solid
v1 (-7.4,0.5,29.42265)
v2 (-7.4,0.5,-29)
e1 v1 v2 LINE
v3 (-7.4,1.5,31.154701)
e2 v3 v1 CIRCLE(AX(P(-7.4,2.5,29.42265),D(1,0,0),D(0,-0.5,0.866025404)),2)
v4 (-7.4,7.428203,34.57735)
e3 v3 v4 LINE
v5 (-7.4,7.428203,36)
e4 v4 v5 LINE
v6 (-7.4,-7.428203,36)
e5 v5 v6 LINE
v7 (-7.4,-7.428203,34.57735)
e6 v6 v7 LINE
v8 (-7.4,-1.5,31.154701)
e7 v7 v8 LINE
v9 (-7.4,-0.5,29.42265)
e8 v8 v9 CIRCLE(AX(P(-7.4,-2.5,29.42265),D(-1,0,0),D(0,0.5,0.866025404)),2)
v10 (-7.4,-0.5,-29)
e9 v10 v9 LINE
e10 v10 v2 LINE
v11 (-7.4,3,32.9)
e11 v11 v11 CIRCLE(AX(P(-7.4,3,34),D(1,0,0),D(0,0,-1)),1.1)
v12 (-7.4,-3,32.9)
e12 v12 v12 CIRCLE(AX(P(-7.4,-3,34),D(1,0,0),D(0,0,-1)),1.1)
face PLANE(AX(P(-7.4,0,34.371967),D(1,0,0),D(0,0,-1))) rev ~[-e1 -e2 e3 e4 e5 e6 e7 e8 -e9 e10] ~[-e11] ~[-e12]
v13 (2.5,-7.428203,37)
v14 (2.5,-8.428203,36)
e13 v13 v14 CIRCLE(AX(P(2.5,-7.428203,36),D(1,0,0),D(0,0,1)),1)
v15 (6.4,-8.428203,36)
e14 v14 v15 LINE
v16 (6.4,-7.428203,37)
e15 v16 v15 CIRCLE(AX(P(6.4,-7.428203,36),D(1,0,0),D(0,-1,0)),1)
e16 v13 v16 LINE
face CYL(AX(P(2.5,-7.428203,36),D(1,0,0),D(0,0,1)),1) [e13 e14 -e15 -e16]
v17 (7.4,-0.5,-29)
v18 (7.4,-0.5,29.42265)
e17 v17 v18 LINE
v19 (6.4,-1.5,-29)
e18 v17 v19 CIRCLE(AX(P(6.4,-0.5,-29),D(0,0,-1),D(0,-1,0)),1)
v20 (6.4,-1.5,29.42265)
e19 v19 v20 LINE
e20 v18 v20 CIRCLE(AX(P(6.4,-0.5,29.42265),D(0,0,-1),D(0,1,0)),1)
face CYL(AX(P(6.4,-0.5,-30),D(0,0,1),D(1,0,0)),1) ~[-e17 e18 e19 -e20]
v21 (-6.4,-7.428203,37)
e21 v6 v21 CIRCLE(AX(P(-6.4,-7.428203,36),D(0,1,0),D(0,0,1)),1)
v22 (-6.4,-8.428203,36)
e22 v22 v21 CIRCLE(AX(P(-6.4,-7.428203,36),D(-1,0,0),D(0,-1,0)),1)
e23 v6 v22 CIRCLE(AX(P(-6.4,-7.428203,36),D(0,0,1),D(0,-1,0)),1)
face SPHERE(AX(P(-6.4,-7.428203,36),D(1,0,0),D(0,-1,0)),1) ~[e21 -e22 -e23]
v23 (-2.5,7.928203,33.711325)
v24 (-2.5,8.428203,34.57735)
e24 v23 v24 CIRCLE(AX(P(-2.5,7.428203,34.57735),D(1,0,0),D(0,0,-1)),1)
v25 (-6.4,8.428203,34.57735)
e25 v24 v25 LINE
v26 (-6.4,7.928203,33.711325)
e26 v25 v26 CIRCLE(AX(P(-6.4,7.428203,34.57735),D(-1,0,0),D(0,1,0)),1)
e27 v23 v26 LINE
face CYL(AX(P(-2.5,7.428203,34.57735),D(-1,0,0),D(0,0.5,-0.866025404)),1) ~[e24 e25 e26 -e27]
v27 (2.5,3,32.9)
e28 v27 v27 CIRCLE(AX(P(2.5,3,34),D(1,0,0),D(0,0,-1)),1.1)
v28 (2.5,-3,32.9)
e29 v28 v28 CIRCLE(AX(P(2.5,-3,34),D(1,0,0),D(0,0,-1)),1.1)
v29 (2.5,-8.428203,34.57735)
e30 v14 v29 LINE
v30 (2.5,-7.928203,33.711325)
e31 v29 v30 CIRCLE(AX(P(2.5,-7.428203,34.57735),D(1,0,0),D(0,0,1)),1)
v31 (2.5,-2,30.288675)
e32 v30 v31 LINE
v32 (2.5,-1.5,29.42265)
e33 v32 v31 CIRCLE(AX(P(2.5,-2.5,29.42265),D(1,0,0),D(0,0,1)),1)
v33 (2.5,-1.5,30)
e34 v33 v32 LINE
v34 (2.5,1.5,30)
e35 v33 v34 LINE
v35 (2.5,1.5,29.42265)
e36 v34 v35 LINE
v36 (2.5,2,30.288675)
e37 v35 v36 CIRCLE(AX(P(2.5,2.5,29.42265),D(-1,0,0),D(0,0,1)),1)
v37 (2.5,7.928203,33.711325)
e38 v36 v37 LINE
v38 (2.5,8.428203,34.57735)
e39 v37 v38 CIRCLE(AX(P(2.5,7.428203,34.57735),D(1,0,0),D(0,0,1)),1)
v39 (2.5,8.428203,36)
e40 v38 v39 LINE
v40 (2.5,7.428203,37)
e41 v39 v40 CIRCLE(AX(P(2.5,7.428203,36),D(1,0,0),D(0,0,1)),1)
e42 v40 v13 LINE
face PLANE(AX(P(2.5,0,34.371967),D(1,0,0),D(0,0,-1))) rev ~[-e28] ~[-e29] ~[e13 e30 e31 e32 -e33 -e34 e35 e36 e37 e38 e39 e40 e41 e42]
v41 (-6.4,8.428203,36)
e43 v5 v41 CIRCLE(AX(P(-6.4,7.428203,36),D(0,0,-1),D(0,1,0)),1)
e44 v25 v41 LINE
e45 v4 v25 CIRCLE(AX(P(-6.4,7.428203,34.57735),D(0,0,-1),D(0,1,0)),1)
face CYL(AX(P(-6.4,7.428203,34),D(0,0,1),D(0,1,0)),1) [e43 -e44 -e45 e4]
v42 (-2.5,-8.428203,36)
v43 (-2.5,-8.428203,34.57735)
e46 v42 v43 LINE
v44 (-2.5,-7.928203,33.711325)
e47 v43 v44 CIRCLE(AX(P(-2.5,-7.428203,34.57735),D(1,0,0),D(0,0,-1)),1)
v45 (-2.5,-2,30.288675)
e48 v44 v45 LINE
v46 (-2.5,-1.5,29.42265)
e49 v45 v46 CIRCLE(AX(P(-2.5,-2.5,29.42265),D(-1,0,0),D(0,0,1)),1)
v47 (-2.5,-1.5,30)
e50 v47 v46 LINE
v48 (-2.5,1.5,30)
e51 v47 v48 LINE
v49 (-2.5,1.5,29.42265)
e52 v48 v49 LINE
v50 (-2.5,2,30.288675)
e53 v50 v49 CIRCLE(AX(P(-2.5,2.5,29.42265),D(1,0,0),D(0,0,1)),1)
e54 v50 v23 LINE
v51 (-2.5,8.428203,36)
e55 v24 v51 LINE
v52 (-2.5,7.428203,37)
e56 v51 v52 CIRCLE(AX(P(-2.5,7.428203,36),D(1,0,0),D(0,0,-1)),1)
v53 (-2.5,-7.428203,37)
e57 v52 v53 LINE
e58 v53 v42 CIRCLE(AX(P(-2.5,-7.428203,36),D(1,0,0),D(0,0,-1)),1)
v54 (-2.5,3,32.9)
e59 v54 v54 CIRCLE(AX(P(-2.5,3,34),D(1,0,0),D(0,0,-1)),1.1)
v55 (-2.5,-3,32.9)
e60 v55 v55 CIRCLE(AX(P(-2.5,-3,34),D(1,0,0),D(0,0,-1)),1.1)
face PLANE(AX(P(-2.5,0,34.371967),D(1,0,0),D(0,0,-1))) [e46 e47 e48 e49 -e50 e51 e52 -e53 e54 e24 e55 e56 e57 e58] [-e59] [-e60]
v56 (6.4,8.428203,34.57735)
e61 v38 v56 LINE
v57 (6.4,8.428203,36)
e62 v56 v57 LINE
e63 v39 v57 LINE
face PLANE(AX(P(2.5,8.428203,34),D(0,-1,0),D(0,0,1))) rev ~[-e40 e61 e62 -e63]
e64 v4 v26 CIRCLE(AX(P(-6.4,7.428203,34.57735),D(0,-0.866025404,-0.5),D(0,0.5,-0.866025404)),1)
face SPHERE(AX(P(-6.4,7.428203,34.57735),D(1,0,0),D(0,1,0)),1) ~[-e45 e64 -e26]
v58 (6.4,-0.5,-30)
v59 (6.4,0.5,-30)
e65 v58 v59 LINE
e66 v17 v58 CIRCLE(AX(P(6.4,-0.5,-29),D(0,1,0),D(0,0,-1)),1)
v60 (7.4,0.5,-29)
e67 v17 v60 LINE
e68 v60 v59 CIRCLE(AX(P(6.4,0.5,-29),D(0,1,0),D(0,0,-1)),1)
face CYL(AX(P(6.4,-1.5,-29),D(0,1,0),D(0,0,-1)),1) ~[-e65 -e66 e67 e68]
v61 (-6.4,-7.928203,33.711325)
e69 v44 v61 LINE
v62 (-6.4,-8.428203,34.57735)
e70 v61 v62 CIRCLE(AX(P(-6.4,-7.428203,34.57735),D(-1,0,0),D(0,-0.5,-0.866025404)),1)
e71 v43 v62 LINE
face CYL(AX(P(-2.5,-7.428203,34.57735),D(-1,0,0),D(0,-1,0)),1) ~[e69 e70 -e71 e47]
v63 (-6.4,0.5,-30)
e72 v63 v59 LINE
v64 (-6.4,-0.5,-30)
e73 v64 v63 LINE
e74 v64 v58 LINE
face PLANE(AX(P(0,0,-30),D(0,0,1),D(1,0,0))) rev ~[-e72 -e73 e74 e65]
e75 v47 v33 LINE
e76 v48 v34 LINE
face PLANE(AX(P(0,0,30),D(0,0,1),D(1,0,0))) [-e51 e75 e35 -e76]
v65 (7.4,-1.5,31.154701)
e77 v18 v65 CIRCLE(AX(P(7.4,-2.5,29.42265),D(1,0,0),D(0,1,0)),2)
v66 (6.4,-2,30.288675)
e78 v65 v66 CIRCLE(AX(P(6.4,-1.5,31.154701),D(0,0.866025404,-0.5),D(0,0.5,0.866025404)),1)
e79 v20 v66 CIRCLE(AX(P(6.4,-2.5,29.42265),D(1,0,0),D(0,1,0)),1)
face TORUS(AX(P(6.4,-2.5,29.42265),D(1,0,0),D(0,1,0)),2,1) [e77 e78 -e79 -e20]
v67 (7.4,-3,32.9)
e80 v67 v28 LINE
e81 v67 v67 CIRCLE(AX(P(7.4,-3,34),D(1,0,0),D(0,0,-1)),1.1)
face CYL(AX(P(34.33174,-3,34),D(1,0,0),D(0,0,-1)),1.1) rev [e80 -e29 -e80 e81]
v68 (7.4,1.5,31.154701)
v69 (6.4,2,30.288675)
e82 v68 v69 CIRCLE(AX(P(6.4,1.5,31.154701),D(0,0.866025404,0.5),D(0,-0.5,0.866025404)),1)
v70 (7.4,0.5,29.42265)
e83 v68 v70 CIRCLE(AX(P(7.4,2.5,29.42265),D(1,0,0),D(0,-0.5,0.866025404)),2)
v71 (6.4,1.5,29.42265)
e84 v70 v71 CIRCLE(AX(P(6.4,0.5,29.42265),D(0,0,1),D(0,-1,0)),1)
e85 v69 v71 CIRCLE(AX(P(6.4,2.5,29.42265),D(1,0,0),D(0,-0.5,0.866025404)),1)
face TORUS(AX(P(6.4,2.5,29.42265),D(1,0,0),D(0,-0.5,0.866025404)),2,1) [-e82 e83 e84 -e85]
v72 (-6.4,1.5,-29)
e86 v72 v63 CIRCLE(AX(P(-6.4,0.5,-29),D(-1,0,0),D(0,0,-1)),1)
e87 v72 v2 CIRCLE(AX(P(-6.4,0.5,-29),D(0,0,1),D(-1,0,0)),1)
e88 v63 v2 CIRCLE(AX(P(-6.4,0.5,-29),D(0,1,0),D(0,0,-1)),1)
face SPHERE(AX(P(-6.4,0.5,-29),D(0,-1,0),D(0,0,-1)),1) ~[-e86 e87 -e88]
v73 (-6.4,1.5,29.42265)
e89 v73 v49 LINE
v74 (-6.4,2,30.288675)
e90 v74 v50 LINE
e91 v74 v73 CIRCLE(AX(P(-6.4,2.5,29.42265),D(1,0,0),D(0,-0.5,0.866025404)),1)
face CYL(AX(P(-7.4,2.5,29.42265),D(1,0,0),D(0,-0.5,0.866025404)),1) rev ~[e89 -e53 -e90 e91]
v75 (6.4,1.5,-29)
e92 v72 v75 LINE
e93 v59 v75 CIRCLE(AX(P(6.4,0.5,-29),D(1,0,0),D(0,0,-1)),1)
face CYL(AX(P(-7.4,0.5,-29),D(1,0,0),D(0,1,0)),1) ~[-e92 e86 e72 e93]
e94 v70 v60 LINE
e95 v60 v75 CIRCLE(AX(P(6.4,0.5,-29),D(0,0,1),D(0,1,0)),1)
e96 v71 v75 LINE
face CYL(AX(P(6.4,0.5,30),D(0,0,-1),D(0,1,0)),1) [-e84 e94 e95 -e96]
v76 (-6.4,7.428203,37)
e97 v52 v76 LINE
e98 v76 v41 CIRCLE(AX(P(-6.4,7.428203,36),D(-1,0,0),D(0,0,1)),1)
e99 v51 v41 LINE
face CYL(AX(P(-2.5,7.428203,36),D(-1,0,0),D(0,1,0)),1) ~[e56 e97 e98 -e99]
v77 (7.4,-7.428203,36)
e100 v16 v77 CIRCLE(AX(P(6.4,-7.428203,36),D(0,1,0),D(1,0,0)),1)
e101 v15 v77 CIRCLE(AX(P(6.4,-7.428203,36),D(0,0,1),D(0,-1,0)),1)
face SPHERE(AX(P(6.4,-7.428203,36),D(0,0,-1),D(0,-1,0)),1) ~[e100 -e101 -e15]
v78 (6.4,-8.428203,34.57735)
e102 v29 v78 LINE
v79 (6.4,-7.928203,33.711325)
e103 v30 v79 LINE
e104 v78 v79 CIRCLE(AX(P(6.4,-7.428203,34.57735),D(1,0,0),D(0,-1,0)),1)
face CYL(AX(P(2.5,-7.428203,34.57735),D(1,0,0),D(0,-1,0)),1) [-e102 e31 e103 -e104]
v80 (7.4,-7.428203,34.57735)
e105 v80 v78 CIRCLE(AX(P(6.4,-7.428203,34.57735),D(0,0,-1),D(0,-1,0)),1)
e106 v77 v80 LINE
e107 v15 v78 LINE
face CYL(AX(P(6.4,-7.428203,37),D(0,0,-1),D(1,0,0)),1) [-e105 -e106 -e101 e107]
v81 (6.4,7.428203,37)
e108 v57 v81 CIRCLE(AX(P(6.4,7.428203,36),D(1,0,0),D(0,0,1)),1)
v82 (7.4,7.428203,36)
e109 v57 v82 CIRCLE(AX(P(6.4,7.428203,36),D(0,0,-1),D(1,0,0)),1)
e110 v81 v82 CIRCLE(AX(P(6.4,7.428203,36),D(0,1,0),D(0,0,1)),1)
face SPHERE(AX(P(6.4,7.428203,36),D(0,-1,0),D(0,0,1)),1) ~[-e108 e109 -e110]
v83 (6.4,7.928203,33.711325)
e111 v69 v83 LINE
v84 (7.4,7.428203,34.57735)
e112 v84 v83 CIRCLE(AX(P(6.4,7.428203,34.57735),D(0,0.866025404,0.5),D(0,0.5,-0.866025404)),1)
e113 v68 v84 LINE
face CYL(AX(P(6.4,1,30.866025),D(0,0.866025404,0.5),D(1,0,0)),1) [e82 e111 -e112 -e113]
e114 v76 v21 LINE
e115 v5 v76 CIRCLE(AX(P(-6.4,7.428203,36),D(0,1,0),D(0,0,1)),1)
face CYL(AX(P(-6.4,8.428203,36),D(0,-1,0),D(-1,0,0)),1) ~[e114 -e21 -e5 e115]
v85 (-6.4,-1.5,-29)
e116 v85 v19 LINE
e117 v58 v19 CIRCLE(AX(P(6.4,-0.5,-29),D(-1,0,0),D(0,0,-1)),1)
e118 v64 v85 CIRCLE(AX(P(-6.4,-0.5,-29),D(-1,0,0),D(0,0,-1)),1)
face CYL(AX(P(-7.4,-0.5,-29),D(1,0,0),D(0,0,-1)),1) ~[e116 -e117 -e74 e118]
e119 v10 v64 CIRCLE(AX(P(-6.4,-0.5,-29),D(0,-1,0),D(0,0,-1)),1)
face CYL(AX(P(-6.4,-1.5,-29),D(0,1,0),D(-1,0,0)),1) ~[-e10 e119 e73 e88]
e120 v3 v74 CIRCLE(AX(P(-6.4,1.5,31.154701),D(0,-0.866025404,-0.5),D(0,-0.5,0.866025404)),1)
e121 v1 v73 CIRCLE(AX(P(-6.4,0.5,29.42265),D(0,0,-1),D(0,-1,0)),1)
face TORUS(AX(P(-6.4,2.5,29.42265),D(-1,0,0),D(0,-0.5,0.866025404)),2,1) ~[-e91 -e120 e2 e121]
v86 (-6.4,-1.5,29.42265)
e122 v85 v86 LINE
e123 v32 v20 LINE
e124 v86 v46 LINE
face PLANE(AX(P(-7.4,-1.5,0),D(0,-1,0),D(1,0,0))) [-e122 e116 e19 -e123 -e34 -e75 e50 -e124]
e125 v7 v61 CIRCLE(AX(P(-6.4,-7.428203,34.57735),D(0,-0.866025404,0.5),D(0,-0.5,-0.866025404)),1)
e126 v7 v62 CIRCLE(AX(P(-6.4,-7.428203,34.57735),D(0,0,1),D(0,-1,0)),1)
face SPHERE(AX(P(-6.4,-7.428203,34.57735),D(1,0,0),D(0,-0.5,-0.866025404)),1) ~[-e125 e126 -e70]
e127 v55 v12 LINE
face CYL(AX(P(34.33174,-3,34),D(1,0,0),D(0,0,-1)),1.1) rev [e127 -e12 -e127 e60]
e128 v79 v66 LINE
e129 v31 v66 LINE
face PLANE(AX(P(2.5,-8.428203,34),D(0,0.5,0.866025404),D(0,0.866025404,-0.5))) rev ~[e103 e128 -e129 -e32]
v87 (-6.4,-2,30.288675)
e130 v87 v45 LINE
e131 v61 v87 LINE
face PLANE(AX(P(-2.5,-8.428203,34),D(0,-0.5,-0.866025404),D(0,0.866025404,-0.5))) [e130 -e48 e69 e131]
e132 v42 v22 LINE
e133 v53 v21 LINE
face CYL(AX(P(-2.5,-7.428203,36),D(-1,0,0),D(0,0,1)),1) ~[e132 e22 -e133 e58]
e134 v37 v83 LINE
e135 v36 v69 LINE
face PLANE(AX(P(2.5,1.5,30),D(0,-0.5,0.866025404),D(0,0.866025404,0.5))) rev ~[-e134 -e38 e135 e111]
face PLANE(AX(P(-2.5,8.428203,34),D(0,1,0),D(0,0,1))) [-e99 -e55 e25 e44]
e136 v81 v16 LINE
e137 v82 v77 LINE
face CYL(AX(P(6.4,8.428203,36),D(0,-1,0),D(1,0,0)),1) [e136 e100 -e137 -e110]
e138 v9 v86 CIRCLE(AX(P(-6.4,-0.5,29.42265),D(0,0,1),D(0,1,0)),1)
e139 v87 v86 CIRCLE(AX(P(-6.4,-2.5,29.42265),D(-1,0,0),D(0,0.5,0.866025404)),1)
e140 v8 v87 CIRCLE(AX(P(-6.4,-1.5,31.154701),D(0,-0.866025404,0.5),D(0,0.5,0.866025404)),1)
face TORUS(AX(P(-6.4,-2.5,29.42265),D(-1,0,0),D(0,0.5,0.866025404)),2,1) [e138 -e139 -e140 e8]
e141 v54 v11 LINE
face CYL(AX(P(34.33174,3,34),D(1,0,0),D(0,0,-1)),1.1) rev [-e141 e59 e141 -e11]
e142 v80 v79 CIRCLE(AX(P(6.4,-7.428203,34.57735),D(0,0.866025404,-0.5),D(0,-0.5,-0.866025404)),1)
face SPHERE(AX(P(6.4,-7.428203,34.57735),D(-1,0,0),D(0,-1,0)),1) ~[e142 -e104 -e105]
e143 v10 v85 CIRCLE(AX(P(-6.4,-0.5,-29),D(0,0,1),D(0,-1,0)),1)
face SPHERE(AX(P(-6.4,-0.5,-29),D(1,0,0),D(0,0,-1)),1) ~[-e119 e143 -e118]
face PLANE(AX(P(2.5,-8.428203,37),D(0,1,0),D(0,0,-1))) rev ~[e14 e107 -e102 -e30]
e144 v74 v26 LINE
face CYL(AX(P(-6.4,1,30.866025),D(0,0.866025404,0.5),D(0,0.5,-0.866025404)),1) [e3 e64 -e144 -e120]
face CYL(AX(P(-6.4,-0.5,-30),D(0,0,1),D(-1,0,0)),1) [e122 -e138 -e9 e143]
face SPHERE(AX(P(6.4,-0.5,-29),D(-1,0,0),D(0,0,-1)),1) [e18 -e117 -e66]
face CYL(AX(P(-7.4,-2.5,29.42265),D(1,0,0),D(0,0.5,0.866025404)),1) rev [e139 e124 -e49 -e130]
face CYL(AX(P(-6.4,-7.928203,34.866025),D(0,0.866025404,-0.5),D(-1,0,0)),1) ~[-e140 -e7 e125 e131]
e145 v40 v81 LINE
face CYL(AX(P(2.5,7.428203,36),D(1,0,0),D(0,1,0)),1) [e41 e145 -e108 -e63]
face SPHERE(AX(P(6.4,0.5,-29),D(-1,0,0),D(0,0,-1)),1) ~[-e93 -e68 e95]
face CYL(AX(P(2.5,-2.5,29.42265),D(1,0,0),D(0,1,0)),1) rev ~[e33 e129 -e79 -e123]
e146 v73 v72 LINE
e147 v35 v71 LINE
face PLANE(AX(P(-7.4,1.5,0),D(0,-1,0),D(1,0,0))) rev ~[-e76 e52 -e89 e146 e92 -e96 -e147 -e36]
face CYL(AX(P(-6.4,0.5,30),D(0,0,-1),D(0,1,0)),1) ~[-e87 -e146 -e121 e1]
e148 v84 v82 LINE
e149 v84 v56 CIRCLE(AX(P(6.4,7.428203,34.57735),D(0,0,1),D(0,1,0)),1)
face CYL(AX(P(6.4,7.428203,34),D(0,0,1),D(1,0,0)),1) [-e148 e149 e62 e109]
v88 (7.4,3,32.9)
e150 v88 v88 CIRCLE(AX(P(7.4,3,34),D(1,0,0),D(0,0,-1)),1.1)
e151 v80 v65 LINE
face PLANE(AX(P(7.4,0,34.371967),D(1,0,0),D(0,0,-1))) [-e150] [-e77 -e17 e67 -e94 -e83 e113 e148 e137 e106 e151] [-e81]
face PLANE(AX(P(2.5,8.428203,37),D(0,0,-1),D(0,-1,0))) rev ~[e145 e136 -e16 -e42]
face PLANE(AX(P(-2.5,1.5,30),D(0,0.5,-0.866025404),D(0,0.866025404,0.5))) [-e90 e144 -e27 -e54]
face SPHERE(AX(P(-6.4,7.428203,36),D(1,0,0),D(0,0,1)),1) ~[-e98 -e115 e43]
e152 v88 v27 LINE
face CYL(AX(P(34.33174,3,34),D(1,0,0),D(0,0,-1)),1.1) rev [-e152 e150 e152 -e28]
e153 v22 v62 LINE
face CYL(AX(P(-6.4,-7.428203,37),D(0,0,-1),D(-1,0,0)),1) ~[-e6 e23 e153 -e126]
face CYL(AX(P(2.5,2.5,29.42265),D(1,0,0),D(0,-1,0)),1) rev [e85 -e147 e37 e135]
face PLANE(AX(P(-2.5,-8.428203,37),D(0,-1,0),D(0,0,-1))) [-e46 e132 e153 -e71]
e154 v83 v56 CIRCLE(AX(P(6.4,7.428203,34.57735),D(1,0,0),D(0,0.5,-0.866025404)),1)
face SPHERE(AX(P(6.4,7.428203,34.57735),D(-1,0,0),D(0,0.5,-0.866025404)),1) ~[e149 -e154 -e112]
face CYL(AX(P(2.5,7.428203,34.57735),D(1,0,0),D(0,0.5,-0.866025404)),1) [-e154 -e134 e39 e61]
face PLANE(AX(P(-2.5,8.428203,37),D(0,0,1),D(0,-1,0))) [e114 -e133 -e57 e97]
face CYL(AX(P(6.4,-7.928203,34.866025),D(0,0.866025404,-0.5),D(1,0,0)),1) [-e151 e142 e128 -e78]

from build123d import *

# Parameters (mm, degrees)
SKETCH_1_W               = 14.8
SKETCH_1_H               = 3
EXTRUDE_1_DEPTH          = 30
EXTRUDE_START            = 2.5
EXTRUDE_2_DEPTH          = 4.9
EXTRUDE_START_2          = -2.5
EXTRUDE_3_DEPTH          = 4.9
FILLET_1_R               = 1
CUT_EXTRUDE_1_DEPTH      = 41.731739622
CUT_EXTRUDE_1_DEPTH_BACK = 41.731739622
SKETCH_4_R               = 1.1


with BuildPart() as part:
    # Эскиз1 → Бобышка-Вытянуть1 (new, symmetric)
    with BuildSketch(Plane.XY):
        Rectangle(SKETCH_1_W, SKETCH_1_H)
    extrude(amount=EXTRUDE_1_DEPTH, both=True)

    # Эскиз3 → Бобышка-Вытянуть2 (add)
    with BuildSketch(Plane(origin=(0, 0, 0), x_dir=(0, 0, -1), z_dir=(1, 0, 0)).offset(EXTRUDE_START)):
        Polygon((-30, 1.5), (-34, 8.42820323), (-37, 8.42820323), (-37, -8.42820323), (-34, -8.42820323), (-30, -1.5), align=None)
    extrude(amount=EXTRUDE_2_DEPTH)

    # Эскиз3<2> → Бобышка-Вытянуть3 (add)
    with BuildSketch(Plane(origin=(0, 0, 0), x_dir=(0, 0, -1), z_dir=(1, 0, 0)).offset(EXTRUDE_START_2)):
        Polygon((-30, 1.5), (-34, 8.42820323), (-37, 8.42820323), (-37, -8.42820323), (-34, -8.42820323), (-30, -1.5), align=None)
    extrude(amount=-EXTRUDE_3_DEPTH)

    # Скругление1
    fillet_1_edges = [part.edges().sort_by_distance(p)[0] for p in [
        (7.4, -4.964101615, 32),
        (4.95, -8.42820323, 34),
        (7.4, -8.42820323, 35.5),
        (4.95, -8.42820323, 37),
        (7.4, 0, 37),
        (4.95, 8.42820323, 37),
        (7.4, 8.42820323, 35.5),
        (4.95, 8.42820323, 34),
        (7.4, 4.964101615, 32),
        (-4.95, -1.5, 30),
        (4.95, -1.5, 30),
        (-4.95, 1.5, 30),
        (-4.95, -8.42820323, 34),
        (-4.95, -8.42820323, 37),
        (-4.95, 8.42820323, 37),
        (-4.95, 8.42820323, 34),
        (-7.4, -4.964101615, 32),
        (-7.4, -8.42820323, 35.5),
        (-7.4, 0, 37),
        (-7.4, 8.42820323, 35.5),
        (-7.4, 4.964101615, 32),
        (0, -1.5, -30),
        (-7.4, 0, -30),
        (0, 1.5, -30),
        (7.4, 0, -30),
        (7.4, -1.5, 0),
        (-7.4, -1.5, 0),
        (-7.4, 1.5, 0),
        (7.4, 1.5, 0),
        (4.95, 1.5, 30),
    ]]
    fillet(fillet_1_edges, radius=FILLET_1_R)

    # Эскиз4 → Вырез-Вытянуть1 (cut, two sides: drawn at the far end of the back side and taken through both)
    with BuildSketch(Plane.ZY.offset(7.4).offset(-CUT_EXTRUDE_1_DEPTH_BACK)):
        with Locations(Location((34, 3, 0), (0, 0, 180))):
            Circle(SKETCH_4_R)
        with Locations(Location((34, -3, 0), (0, 0, 180))):
            Circle(SKETCH_4_R)
    extrude(amount=CUT_EXTRUDE_1_DEPTH + CUT_EXTRUDE_1_DEPTH_BACK, mode=Mode.SUBTRACT)


solid = part.part
